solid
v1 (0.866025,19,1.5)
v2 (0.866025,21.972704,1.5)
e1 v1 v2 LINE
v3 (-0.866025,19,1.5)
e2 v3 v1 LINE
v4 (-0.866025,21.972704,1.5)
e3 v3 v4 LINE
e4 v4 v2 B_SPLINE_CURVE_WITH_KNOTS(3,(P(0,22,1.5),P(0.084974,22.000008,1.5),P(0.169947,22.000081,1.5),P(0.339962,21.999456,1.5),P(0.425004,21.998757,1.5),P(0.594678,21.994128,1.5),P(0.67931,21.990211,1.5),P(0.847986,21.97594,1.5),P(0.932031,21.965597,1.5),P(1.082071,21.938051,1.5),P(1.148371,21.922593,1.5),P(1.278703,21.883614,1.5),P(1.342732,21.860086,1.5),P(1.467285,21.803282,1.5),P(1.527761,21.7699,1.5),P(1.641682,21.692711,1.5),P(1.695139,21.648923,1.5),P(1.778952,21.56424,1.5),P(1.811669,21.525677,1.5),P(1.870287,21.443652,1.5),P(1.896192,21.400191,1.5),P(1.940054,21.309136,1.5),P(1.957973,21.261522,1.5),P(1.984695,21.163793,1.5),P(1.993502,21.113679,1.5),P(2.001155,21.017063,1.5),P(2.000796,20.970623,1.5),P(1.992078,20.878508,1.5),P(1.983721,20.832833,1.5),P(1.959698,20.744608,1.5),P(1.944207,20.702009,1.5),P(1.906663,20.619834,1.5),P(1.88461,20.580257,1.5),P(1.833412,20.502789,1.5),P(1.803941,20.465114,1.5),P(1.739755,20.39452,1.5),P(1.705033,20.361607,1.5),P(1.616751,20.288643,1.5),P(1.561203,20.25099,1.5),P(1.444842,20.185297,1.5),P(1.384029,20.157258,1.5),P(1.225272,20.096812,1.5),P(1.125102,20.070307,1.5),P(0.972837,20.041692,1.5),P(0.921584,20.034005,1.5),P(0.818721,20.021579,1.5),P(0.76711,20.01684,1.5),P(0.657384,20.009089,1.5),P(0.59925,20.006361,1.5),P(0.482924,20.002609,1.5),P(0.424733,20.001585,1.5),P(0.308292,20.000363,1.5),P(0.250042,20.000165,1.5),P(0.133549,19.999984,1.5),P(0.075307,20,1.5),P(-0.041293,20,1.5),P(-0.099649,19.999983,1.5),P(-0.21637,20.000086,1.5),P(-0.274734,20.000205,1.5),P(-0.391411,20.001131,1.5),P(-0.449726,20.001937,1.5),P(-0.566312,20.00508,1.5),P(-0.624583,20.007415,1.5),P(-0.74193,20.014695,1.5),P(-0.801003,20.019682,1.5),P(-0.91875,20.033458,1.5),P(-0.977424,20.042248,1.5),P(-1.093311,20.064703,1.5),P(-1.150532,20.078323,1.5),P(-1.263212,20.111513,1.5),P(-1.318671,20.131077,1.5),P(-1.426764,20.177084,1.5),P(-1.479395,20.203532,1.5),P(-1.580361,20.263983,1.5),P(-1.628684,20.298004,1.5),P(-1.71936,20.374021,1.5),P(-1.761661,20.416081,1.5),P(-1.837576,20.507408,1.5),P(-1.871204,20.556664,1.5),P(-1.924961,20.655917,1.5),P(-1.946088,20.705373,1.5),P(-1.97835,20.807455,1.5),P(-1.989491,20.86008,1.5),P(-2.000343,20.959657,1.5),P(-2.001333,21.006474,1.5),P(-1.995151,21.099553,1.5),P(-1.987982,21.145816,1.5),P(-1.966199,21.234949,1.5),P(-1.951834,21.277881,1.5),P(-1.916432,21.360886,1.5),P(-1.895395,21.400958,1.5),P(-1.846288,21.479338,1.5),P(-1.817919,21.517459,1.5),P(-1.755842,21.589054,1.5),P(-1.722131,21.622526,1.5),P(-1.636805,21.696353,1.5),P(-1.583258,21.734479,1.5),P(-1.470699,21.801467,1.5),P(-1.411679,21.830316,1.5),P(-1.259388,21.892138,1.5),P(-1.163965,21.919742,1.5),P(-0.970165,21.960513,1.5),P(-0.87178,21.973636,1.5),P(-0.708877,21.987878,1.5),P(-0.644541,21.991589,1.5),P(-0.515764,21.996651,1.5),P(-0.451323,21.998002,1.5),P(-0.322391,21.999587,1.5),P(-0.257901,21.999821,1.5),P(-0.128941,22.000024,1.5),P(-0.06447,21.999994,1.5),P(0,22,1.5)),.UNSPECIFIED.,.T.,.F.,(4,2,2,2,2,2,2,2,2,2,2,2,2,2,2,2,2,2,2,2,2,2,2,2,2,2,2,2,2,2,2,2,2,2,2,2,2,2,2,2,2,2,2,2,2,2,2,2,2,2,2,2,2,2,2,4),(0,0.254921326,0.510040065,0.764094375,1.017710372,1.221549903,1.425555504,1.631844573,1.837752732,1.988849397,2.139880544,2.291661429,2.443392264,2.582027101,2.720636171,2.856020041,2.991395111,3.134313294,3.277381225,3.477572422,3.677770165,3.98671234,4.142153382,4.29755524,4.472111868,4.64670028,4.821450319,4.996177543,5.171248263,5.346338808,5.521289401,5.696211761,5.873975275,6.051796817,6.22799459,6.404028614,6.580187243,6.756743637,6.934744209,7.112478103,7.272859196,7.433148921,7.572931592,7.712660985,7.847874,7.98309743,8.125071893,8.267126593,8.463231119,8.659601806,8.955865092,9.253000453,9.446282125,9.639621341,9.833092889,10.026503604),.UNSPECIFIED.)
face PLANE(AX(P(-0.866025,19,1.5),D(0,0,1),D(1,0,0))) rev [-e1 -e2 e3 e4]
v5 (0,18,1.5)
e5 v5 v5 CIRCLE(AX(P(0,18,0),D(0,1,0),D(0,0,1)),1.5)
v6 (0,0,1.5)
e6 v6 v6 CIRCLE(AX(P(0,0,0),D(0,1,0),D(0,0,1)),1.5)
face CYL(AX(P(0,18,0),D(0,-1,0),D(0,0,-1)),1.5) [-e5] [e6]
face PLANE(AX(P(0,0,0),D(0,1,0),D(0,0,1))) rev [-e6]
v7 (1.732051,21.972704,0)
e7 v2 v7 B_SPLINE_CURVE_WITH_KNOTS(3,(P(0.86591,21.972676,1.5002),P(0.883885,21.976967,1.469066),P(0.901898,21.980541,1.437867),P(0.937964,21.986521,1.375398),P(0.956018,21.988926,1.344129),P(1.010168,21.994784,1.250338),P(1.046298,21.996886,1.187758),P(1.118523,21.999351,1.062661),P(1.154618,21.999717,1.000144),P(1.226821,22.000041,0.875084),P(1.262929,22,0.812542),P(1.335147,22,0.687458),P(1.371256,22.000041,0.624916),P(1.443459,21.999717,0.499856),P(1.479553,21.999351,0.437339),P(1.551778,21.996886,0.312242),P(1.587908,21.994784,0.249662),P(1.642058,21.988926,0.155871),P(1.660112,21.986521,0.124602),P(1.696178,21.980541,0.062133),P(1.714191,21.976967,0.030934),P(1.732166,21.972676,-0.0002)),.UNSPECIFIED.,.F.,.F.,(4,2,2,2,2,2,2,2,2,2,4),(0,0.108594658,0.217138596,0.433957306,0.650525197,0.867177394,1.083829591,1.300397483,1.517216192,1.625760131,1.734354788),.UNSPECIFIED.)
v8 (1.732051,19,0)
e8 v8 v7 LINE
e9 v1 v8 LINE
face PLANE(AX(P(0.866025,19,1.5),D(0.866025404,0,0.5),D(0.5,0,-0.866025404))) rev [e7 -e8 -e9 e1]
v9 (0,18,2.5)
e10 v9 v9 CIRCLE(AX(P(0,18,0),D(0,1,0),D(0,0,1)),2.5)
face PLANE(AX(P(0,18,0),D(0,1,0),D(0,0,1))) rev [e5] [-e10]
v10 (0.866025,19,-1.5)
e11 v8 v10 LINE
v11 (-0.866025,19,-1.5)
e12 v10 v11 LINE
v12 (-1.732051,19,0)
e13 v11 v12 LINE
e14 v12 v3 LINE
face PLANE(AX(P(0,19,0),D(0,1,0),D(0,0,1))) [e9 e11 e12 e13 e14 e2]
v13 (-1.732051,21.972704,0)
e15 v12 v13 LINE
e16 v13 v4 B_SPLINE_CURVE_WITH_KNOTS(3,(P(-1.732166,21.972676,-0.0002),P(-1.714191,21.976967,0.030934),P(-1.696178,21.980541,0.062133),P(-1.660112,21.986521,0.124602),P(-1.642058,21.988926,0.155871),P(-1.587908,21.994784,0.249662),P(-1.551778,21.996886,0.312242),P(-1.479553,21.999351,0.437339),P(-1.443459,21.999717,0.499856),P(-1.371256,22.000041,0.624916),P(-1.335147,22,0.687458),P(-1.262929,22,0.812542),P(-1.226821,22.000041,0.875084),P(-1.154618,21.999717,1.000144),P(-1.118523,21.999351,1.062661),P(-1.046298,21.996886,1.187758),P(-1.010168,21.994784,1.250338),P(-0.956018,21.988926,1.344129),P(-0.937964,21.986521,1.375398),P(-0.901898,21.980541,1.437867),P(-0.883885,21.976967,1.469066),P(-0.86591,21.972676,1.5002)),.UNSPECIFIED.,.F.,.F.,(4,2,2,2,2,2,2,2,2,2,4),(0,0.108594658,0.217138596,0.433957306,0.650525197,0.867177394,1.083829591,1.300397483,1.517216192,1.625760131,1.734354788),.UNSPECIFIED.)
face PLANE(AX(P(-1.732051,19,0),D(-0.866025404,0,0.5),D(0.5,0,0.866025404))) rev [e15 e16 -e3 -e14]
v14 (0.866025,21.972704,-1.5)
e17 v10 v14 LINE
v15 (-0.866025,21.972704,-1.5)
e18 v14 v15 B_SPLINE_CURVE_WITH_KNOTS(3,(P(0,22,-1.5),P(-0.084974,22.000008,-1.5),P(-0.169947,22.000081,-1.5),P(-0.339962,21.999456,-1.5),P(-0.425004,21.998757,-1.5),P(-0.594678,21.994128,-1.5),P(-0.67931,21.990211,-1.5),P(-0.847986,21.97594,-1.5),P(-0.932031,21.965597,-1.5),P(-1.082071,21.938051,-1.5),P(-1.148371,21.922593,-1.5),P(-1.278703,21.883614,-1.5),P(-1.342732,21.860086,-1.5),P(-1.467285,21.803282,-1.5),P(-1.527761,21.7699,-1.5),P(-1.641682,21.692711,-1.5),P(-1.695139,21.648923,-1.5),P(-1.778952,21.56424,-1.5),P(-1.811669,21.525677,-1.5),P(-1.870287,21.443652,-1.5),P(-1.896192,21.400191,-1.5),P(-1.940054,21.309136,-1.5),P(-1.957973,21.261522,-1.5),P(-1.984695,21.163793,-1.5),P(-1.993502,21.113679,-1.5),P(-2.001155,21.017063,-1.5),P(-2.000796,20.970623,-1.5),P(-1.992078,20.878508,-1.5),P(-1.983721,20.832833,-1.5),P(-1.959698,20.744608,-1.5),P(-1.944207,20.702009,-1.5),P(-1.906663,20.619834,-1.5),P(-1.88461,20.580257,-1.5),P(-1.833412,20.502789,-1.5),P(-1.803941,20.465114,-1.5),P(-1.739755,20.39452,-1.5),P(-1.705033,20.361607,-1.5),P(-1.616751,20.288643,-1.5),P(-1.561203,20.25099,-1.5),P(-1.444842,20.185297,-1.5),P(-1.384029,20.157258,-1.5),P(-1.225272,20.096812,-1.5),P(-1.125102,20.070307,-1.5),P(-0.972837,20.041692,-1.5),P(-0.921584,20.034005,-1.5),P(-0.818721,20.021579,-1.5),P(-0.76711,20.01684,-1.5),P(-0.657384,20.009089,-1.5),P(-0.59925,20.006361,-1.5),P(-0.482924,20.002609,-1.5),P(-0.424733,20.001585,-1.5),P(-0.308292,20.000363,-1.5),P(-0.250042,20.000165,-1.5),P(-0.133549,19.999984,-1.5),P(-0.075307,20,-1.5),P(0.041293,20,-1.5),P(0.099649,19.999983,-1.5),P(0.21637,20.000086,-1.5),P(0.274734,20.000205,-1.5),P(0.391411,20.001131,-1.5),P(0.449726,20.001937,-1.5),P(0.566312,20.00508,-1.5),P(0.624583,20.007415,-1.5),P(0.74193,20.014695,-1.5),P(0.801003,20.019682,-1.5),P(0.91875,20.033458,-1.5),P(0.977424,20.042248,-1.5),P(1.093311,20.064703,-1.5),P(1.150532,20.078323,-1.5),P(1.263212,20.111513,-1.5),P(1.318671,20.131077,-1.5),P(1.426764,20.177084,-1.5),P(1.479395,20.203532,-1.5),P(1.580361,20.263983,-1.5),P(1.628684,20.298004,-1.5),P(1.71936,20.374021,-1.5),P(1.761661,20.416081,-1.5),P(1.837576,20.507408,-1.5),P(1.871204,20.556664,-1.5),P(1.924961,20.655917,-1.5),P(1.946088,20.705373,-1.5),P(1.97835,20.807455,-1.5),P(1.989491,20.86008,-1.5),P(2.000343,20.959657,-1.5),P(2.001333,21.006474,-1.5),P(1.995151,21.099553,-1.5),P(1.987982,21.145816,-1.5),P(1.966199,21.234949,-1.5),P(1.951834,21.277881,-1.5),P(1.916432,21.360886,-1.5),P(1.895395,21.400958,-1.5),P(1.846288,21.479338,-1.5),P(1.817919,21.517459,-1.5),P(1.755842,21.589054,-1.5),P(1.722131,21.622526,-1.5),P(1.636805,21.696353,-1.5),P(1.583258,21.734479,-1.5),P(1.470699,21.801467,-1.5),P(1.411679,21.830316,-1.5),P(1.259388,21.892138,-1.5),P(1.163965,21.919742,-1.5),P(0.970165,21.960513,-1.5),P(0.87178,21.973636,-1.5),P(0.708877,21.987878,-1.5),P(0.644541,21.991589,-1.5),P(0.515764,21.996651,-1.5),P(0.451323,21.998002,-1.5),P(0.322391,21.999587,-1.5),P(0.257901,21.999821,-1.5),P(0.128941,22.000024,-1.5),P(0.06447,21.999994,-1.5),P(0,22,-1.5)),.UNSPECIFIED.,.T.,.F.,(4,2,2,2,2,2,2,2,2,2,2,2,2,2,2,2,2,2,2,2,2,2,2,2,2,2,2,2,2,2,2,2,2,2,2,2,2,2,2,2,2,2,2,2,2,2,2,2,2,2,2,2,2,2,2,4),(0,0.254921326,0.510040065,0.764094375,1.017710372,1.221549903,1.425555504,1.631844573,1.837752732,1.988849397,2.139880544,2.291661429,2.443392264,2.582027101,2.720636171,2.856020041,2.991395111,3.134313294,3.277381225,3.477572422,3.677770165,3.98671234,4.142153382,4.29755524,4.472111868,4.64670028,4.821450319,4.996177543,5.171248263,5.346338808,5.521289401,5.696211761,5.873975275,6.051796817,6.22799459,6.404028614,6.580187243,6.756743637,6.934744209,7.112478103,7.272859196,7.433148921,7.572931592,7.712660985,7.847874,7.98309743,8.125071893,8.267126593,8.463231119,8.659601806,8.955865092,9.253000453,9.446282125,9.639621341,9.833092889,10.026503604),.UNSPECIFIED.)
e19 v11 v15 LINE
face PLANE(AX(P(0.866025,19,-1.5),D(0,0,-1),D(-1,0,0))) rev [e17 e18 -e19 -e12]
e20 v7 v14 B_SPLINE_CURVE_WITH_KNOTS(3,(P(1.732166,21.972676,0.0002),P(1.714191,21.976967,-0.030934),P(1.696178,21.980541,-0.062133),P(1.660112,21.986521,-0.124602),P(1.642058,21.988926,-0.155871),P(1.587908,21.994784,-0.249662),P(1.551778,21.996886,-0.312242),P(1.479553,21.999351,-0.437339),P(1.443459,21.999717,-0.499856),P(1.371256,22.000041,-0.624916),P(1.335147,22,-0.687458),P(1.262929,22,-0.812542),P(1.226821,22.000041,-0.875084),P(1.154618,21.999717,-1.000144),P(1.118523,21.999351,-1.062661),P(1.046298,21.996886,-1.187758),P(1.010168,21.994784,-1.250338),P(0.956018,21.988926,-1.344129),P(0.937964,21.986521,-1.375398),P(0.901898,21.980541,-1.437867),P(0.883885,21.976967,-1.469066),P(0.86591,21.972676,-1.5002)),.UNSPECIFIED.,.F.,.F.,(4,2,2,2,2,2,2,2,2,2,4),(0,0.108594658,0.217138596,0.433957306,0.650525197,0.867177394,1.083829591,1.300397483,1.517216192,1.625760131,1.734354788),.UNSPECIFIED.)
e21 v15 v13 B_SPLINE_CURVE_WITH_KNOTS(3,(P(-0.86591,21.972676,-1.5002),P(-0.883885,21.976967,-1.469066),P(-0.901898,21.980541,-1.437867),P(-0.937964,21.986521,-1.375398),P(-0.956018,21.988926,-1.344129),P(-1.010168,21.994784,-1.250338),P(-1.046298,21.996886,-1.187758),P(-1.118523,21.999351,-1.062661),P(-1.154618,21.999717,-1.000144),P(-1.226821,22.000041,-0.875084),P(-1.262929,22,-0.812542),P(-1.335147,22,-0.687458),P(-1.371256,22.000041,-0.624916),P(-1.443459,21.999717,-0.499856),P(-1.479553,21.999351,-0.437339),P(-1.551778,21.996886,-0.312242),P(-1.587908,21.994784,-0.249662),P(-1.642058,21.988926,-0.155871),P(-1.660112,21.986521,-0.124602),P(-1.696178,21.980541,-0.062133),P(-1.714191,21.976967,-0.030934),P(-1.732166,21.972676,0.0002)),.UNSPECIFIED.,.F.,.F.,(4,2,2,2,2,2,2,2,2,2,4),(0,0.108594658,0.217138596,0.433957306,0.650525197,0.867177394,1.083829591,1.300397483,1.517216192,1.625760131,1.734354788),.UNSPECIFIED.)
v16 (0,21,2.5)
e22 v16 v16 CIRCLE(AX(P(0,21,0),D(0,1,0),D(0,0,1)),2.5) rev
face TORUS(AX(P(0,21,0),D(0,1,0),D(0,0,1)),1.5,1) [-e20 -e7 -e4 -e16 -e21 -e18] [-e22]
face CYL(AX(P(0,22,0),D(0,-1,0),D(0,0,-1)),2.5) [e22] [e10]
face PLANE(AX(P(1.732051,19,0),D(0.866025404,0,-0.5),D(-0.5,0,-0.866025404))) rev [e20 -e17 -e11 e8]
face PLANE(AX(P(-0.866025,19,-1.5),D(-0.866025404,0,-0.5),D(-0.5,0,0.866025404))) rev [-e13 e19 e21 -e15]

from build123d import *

# Parameters (mm, degrees)
SKETCH1_R           = 1.5
BOSS_EXTRUDE1_DEPTH = 18
SKETCH2_R           = 2.5
BOSS_EXTRUDE2_DEPTH = 4
FILLET2_R           = 1
CUT_EXTRUDE2_DEPTH  = 3


with BuildPart() as part:
    # Sketch1 → Boss-Extrude1 (new body)
    with BuildSketch(Plane(origin=(0, 0, 0), x_dir=(1, 0, 0), z_dir=(0, 1, 0))):
        with Locations(Location((0, 0, 0), (0, 0, 270))):
            Circle(SKETCH1_R)
    extrude(amount=BOSS_EXTRUDE1_DEPTH)

    # Sketch2 → Boss-Extrude2 (add)
    with BuildSketch(Plane(origin=(0, 18, 0), x_dir=(1, 0, 0), z_dir=(0, 1, 0))):
        with Locations(Location((0, 0, 0), (0, 0, 270))):
            Circle(SKETCH2_R)
    extrude(amount=BOSS_EXTRUDE2_DEPTH)

    # Fillet2
    fillet2_edges = [part.edges().sort_by_distance(p)[0] for p in [
        (0, 22, -2.5),
    ]]
    fillet(fillet2_edges, radius=FILLET2_R)

    # Sketch3 → Cut-Extrude2 (cut)
    with BuildSketch(Plane(origin=(0, 22, 0), x_dir=(1, 0, 0), z_dir=(0, 1, 0))):
        Polygon((1.732050808, 0), (0.866025404, 1.5), (-0.866025404, 1.5), (-1.732050808, 0), (-0.866025404, -1.5), (0.866025404, -1.5), align=None)
    extrude(amount=-CUT_EXTRUDE2_DEPTH, mode=Mode.SUBTRACT)


solid = part.part
